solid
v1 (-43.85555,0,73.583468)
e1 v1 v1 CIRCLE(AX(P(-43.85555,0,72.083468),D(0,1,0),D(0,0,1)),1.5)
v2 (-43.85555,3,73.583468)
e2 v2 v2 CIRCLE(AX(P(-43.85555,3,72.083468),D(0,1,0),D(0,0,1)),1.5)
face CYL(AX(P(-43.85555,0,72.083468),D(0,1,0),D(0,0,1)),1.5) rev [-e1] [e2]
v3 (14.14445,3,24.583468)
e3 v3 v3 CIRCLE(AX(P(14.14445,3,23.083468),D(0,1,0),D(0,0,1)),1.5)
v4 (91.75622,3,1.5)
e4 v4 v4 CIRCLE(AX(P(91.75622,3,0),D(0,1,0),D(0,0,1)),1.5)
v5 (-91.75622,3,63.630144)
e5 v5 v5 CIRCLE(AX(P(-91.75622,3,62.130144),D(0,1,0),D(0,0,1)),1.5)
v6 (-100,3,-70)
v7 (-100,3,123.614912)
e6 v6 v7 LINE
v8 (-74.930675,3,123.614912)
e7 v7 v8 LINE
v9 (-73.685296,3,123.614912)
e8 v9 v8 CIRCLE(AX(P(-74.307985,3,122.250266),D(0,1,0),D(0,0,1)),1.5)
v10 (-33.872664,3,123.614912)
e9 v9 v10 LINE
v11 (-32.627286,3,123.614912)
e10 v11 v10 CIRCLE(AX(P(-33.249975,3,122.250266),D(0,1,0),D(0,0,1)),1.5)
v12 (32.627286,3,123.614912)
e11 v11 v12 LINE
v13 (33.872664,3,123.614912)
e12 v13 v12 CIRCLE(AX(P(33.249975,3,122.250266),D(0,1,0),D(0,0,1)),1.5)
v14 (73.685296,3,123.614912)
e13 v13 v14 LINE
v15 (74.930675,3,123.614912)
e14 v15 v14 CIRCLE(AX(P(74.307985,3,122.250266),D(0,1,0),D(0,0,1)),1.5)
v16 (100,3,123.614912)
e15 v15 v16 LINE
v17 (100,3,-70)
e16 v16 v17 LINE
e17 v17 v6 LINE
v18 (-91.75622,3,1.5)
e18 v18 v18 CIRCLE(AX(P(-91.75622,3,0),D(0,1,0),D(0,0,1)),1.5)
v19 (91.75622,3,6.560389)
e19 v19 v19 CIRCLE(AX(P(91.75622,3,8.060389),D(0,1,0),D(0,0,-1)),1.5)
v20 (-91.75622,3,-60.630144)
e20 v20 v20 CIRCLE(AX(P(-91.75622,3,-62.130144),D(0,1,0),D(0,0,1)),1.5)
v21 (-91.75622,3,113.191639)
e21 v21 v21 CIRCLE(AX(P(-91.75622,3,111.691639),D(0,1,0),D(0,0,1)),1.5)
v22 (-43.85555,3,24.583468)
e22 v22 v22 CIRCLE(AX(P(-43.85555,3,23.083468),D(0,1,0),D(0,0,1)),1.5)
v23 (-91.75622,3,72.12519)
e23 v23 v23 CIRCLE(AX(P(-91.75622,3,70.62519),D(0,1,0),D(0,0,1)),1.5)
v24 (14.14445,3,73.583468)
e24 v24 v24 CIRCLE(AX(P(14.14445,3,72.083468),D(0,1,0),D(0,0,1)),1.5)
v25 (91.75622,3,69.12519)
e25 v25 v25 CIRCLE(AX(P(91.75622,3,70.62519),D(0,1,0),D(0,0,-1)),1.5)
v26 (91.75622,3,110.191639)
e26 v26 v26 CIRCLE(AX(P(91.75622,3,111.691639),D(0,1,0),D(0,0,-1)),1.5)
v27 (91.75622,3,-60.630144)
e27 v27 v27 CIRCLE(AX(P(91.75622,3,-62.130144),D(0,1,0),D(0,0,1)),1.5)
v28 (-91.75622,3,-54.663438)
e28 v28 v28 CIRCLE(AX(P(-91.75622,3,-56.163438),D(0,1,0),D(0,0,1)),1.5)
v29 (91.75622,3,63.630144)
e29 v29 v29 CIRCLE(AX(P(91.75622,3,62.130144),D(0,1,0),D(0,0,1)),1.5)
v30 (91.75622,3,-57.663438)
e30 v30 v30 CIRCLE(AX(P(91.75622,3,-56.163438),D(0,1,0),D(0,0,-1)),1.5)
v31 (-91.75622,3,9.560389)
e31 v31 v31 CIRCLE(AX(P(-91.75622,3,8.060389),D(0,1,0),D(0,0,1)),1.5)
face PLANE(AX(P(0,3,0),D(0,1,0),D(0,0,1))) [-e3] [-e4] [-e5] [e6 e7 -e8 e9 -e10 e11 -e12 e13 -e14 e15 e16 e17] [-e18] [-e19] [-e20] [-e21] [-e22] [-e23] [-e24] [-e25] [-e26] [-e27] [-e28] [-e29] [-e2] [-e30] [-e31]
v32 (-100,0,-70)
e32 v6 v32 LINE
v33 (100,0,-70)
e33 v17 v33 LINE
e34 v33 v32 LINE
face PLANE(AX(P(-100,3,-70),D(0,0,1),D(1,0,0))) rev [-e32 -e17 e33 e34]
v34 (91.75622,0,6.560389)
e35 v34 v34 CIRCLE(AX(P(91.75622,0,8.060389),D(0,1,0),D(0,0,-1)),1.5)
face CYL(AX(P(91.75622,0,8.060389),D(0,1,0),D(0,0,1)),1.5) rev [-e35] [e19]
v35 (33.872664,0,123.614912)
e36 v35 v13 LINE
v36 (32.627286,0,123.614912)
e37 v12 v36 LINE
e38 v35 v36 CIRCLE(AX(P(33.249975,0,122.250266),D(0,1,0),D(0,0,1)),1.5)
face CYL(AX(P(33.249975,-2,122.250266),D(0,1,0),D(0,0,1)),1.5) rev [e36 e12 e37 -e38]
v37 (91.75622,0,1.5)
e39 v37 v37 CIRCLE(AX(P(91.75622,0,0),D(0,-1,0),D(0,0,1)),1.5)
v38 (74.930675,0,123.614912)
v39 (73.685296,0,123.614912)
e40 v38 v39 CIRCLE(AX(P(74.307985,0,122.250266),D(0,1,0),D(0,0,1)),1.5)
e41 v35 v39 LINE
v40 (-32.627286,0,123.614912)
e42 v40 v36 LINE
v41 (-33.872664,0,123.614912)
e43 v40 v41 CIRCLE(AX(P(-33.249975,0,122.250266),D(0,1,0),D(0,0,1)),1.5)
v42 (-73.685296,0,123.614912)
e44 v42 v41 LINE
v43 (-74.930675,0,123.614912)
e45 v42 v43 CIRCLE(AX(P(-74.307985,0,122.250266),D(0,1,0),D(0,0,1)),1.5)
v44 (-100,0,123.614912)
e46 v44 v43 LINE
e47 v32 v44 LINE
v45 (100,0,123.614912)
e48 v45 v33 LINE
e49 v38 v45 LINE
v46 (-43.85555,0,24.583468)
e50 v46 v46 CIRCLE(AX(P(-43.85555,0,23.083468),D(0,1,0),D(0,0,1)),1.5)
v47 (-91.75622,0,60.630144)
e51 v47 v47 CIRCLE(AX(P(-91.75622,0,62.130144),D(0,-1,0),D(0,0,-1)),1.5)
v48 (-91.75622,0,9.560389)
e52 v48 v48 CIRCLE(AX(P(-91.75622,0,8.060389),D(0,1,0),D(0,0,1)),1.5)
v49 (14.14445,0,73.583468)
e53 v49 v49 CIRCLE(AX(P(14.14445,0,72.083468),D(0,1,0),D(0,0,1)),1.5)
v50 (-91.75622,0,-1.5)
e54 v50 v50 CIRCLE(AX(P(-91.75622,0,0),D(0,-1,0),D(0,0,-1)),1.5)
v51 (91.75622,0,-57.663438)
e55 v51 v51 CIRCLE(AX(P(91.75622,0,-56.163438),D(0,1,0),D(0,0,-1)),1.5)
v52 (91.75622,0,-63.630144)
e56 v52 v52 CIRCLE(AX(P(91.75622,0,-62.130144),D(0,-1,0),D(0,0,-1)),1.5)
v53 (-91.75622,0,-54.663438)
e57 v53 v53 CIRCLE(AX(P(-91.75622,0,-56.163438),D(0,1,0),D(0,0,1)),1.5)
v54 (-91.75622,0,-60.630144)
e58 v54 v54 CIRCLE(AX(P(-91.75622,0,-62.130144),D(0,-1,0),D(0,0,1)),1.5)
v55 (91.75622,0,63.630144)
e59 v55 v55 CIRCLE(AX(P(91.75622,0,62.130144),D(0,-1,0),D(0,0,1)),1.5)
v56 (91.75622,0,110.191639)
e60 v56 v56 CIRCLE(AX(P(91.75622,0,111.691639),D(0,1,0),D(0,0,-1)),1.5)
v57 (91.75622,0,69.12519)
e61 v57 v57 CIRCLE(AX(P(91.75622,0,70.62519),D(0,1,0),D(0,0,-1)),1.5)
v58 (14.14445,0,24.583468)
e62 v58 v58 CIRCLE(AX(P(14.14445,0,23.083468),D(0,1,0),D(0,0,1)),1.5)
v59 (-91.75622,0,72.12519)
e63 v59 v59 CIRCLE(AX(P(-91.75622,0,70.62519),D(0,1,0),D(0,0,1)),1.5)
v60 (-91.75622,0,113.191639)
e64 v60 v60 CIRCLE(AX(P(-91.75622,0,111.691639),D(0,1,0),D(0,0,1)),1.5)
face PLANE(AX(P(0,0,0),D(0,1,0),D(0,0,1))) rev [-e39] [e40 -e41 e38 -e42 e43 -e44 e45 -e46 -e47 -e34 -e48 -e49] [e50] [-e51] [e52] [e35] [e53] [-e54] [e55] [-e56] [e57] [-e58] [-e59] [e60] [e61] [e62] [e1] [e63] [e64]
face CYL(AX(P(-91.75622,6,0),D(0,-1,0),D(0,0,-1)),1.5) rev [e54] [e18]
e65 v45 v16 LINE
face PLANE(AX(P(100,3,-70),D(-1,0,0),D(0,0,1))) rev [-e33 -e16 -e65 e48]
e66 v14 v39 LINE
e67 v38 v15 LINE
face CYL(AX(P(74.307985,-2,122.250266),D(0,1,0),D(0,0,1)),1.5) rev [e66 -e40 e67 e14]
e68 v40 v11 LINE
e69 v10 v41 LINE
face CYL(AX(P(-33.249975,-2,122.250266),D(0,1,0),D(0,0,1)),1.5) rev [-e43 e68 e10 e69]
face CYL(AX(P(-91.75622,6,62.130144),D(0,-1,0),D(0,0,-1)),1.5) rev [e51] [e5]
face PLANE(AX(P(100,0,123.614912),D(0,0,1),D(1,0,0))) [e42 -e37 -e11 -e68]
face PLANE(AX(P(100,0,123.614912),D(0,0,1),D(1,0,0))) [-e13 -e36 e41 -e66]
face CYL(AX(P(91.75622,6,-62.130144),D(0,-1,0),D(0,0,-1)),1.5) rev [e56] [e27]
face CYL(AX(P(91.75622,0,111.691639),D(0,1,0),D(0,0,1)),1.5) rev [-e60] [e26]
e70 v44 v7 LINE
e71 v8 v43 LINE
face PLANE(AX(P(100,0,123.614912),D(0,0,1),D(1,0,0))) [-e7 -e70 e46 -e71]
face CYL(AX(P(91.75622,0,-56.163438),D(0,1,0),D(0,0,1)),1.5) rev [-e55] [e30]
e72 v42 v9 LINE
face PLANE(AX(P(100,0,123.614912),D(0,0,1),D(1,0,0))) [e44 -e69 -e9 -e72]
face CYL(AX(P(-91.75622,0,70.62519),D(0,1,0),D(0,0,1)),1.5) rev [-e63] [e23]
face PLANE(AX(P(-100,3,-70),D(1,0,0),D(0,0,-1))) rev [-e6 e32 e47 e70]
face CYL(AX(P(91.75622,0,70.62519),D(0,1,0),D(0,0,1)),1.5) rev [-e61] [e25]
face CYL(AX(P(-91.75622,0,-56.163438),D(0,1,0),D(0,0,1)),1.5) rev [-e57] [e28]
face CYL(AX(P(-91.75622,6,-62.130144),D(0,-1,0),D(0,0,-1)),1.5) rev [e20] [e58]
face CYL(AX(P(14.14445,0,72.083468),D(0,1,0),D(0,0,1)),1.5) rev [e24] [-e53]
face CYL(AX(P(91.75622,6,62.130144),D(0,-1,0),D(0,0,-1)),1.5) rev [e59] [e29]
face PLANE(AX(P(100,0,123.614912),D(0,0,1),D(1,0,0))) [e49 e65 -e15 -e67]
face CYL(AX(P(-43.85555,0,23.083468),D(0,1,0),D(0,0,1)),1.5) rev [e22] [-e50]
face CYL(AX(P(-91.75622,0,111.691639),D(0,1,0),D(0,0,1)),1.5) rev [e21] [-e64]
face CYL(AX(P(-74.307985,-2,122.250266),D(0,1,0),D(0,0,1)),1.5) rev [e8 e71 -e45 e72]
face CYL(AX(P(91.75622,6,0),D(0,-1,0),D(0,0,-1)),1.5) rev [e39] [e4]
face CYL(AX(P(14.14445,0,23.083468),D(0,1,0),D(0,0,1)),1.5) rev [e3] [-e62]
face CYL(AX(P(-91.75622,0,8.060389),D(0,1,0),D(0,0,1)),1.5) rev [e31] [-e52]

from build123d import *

# Parameters (mm, degrees)
SKETCH_1_W          = 200
SKETCH_1_H          = 140
EXTRUDE_1_DEPTH     = 3
SKETCH_2_R          = 1.5
SKETCH_2_W          = 160
SKETCH_2_H          = 130.210911355
CUT_EXTRUDE_1_DEPTH = 6
SKETCH_3_W          = 18.058491918
SKETCH_3_H          = 53.614911852
EXTRUDE_2_DEPTH     = 3
SKETCH_4_R          = 1.5
CUT_EXTRUDE_2_DEPTH = 3
SKETCH_5_W          = 160
SKETCH_5_H          = 3
EXTRUDE_3_DEPTH     = 130.210911355
SKETCH_6_W          = 163.883016164
SKETCH_6_H          = 3
EXTRUDE_5_DEPTH     = 53.614911852
SKETCH_7_R          = 1.5
CUT_EXTRUDE_3_DEPTH = 5
SKETCH_8_R          = 1.5
CUT_EXTRUDE_4_DEPTH = 3
SKETCH_9_R          = 1.5
CUT_EXTRUDE_5_DEPTH = 3


with BuildPart() as part:
    # 草图1 → 凸台-拉伸1 (new body)
    with BuildSketch(Plane(origin=(0, 0, 0), x_dir=(1, 0, 0), z_dir=(0, 1, 0))):
        Rectangle(SKETCH_1_W, SKETCH_1_H)
    extrude(amount=EXTRUDE_1_DEPTH)

    # 草图2 → 切除-拉伸1 (cut)
    with BuildSketch(Plane.XZ):
        with Locations(Location((91.756220162, -62.130143817, 0), (0, 0, 270))):
            Circle(SKETCH_2_R)
        with Locations(Location((-91.756220162, -62.130143817, 0), (0, 0, 90))):
            Circle(SKETCH_2_R)
        with Locations(Location((91.756220162, 62.130143817, 0), (0, 0, 90))):
            Circle(SKETCH_2_R)
        with Locations(Location((-91.756220162, 62.130143817, 0), (0, 0, 270))):
            Circle(SKETCH_2_R)
        with Locations(Location((-91.756220162, 0, 0), (0, 0, 270))):
            Circle(SKETCH_2_R)
        with Locations(Location((91.756220162, 0, 0), (0, 0, 90))):
            Circle(SKETCH_2_R)
        with Locations((0, -4.894544322)):
            Rectangle(SKETCH_2_W, SKETCH_2_H)
    extrude(amount=-CUT_EXTRUDE_1_DEPTH, mode=Mode.SUBTRACT)

    # 草图3 → 凸台-拉伸2 (add)
    with BuildSketch(Plane(origin=(0, 3, 0), x_dir=(1, 0, 0), z_dir=(0, 1, 0))):
        with Locations((90.970754041, -96.807455926)):
            Rectangle(SKETCH_3_W, SKETCH_3_H)
        with Locations((-90.970754041, -96.807455926)):
            Rectangle(SKETCH_3_W, SKETCH_3_H)
    extrude(amount=-EXTRUDE_2_DEPTH)

    # 草图4 → 切除-拉伸2 (cut)
    with BuildSketch(Plane(origin=(0, 3, 0), x_dir=(1, 0, 0), z_dir=(0, 1, 0))):
        with Locations(Location((-91.756220162, -111.691638535, 0), (0, 0, 270))):
            Circle(SKETCH_4_R)
        with Locations(Location((91.756220162, -111.691638535, 0), (0, 0, 90))):
            Circle(SKETCH_4_R)
    extrude(amount=-CUT_EXTRUDE_2_DEPTH, mode=Mode.SUBTRACT)

    # 草图5 → 凸台-拉伸3 (add)
    with BuildSketch(Plane(origin=(0, 0, 60.210911355), x_dir=(-1, 0, 0), z_dir=(0, 0, -1))):
        with Locations((0, 1.5)):
            Rectangle(SKETCH_5_W, SKETCH_5_H)
    extrude(amount=EXTRUDE_3_DEPTH)

    # 草图6 → 凸台-拉伸5 (add)
    with BuildSketch(Plane.XY.offset(70)):
        with Locations((0, 1.5)):
            Rectangle(SKETCH_6_W, SKETCH_6_H)
    extrude(amount=EXTRUDE_5_DEPTH)

    # 草图7 → 切除-拉伸3 (cut)
    with BuildSketch(Plane(origin=(0, 3, 0), x_dir=(1, 0, 0), z_dir=(0, 1, 0))):
        with Locations((-74.307985478, -122.25026612)):
            Circle(SKETCH_7_R)
        with Locations((-33.249974851, -122.25026612)):
            Circle(SKETCH_7_R)
        with Locations((33.249974851, -122.25026612)):
            Circle(SKETCH_7_R)
        with Locations((74.307985478, -122.25026612)):
            Circle(SKETCH_7_R)
    extrude(amount=-CUT_EXTRUDE_3_DEPTH, mode=Mode.SUBTRACT)

    # 草图8 → 切除-拉伸4 (cut)
    with BuildSketch(Plane(origin=(0, 3, 0), x_dir=(1, 0, 0), z_dir=(0, 1, 0))):
        with Locations(Location((14.144450177, -23.083468073, 0), (0, 0, 270))):
            Circle(SKETCH_8_R)
        with Locations(Location((-43.855549823, -23.083468073, 0), (0, 0, 270))):
            Circle(SKETCH_8_R)
        with Locations(Location((-43.855549823, -72.083468073, 0), (0, 0, 270))):
            Circle(SKETCH_8_R)
        with Locations(Location((14.144450177, -72.083468073, 0), (0, 0, 270))):
            Circle(SKETCH_8_R)
    extrude(amount=-CUT_EXTRUDE_4_DEPTH, mode=Mode.SUBTRACT)

    # 草图9 → 切除-拉伸5 (cut)
    with BuildSketch(Plane(origin=(0, 3, 0), x_dir=(1, 0, 0), z_dir=(0, 1, 0))):
        with Locations(Location((-91.756220162, -70.625190386, 0), (0, 0, 270))):
            Circle(SKETCH_9_R)
        with Locations(Location((-91.756220162, -8.060389113, 0), (0, 0, 270))):
            Circle(SKETCH_9_R)
        with Locations(Location((-91.756220162, 56.163438047, 0), (0, 0, 270))):
            Circle(SKETCH_9_R)
        with Locations(Location((91.756220162, 56.163438047, 0), (0, 0, 90))):
            Circle(SKETCH_9_R)
        with Locations(Location((91.756220162, -8.060389113, 0), (0, 0, 90))):
            Circle(SKETCH_9_R)
        with Locations(Location((91.756220162, -70.625190386, 0), (0, 0, 90))):
            Circle(SKETCH_9_R)
    extrude(amount=-CUT_EXTRUDE_5_DEPTH, mode=Mode.SUBTRACT)


solid = part.part
